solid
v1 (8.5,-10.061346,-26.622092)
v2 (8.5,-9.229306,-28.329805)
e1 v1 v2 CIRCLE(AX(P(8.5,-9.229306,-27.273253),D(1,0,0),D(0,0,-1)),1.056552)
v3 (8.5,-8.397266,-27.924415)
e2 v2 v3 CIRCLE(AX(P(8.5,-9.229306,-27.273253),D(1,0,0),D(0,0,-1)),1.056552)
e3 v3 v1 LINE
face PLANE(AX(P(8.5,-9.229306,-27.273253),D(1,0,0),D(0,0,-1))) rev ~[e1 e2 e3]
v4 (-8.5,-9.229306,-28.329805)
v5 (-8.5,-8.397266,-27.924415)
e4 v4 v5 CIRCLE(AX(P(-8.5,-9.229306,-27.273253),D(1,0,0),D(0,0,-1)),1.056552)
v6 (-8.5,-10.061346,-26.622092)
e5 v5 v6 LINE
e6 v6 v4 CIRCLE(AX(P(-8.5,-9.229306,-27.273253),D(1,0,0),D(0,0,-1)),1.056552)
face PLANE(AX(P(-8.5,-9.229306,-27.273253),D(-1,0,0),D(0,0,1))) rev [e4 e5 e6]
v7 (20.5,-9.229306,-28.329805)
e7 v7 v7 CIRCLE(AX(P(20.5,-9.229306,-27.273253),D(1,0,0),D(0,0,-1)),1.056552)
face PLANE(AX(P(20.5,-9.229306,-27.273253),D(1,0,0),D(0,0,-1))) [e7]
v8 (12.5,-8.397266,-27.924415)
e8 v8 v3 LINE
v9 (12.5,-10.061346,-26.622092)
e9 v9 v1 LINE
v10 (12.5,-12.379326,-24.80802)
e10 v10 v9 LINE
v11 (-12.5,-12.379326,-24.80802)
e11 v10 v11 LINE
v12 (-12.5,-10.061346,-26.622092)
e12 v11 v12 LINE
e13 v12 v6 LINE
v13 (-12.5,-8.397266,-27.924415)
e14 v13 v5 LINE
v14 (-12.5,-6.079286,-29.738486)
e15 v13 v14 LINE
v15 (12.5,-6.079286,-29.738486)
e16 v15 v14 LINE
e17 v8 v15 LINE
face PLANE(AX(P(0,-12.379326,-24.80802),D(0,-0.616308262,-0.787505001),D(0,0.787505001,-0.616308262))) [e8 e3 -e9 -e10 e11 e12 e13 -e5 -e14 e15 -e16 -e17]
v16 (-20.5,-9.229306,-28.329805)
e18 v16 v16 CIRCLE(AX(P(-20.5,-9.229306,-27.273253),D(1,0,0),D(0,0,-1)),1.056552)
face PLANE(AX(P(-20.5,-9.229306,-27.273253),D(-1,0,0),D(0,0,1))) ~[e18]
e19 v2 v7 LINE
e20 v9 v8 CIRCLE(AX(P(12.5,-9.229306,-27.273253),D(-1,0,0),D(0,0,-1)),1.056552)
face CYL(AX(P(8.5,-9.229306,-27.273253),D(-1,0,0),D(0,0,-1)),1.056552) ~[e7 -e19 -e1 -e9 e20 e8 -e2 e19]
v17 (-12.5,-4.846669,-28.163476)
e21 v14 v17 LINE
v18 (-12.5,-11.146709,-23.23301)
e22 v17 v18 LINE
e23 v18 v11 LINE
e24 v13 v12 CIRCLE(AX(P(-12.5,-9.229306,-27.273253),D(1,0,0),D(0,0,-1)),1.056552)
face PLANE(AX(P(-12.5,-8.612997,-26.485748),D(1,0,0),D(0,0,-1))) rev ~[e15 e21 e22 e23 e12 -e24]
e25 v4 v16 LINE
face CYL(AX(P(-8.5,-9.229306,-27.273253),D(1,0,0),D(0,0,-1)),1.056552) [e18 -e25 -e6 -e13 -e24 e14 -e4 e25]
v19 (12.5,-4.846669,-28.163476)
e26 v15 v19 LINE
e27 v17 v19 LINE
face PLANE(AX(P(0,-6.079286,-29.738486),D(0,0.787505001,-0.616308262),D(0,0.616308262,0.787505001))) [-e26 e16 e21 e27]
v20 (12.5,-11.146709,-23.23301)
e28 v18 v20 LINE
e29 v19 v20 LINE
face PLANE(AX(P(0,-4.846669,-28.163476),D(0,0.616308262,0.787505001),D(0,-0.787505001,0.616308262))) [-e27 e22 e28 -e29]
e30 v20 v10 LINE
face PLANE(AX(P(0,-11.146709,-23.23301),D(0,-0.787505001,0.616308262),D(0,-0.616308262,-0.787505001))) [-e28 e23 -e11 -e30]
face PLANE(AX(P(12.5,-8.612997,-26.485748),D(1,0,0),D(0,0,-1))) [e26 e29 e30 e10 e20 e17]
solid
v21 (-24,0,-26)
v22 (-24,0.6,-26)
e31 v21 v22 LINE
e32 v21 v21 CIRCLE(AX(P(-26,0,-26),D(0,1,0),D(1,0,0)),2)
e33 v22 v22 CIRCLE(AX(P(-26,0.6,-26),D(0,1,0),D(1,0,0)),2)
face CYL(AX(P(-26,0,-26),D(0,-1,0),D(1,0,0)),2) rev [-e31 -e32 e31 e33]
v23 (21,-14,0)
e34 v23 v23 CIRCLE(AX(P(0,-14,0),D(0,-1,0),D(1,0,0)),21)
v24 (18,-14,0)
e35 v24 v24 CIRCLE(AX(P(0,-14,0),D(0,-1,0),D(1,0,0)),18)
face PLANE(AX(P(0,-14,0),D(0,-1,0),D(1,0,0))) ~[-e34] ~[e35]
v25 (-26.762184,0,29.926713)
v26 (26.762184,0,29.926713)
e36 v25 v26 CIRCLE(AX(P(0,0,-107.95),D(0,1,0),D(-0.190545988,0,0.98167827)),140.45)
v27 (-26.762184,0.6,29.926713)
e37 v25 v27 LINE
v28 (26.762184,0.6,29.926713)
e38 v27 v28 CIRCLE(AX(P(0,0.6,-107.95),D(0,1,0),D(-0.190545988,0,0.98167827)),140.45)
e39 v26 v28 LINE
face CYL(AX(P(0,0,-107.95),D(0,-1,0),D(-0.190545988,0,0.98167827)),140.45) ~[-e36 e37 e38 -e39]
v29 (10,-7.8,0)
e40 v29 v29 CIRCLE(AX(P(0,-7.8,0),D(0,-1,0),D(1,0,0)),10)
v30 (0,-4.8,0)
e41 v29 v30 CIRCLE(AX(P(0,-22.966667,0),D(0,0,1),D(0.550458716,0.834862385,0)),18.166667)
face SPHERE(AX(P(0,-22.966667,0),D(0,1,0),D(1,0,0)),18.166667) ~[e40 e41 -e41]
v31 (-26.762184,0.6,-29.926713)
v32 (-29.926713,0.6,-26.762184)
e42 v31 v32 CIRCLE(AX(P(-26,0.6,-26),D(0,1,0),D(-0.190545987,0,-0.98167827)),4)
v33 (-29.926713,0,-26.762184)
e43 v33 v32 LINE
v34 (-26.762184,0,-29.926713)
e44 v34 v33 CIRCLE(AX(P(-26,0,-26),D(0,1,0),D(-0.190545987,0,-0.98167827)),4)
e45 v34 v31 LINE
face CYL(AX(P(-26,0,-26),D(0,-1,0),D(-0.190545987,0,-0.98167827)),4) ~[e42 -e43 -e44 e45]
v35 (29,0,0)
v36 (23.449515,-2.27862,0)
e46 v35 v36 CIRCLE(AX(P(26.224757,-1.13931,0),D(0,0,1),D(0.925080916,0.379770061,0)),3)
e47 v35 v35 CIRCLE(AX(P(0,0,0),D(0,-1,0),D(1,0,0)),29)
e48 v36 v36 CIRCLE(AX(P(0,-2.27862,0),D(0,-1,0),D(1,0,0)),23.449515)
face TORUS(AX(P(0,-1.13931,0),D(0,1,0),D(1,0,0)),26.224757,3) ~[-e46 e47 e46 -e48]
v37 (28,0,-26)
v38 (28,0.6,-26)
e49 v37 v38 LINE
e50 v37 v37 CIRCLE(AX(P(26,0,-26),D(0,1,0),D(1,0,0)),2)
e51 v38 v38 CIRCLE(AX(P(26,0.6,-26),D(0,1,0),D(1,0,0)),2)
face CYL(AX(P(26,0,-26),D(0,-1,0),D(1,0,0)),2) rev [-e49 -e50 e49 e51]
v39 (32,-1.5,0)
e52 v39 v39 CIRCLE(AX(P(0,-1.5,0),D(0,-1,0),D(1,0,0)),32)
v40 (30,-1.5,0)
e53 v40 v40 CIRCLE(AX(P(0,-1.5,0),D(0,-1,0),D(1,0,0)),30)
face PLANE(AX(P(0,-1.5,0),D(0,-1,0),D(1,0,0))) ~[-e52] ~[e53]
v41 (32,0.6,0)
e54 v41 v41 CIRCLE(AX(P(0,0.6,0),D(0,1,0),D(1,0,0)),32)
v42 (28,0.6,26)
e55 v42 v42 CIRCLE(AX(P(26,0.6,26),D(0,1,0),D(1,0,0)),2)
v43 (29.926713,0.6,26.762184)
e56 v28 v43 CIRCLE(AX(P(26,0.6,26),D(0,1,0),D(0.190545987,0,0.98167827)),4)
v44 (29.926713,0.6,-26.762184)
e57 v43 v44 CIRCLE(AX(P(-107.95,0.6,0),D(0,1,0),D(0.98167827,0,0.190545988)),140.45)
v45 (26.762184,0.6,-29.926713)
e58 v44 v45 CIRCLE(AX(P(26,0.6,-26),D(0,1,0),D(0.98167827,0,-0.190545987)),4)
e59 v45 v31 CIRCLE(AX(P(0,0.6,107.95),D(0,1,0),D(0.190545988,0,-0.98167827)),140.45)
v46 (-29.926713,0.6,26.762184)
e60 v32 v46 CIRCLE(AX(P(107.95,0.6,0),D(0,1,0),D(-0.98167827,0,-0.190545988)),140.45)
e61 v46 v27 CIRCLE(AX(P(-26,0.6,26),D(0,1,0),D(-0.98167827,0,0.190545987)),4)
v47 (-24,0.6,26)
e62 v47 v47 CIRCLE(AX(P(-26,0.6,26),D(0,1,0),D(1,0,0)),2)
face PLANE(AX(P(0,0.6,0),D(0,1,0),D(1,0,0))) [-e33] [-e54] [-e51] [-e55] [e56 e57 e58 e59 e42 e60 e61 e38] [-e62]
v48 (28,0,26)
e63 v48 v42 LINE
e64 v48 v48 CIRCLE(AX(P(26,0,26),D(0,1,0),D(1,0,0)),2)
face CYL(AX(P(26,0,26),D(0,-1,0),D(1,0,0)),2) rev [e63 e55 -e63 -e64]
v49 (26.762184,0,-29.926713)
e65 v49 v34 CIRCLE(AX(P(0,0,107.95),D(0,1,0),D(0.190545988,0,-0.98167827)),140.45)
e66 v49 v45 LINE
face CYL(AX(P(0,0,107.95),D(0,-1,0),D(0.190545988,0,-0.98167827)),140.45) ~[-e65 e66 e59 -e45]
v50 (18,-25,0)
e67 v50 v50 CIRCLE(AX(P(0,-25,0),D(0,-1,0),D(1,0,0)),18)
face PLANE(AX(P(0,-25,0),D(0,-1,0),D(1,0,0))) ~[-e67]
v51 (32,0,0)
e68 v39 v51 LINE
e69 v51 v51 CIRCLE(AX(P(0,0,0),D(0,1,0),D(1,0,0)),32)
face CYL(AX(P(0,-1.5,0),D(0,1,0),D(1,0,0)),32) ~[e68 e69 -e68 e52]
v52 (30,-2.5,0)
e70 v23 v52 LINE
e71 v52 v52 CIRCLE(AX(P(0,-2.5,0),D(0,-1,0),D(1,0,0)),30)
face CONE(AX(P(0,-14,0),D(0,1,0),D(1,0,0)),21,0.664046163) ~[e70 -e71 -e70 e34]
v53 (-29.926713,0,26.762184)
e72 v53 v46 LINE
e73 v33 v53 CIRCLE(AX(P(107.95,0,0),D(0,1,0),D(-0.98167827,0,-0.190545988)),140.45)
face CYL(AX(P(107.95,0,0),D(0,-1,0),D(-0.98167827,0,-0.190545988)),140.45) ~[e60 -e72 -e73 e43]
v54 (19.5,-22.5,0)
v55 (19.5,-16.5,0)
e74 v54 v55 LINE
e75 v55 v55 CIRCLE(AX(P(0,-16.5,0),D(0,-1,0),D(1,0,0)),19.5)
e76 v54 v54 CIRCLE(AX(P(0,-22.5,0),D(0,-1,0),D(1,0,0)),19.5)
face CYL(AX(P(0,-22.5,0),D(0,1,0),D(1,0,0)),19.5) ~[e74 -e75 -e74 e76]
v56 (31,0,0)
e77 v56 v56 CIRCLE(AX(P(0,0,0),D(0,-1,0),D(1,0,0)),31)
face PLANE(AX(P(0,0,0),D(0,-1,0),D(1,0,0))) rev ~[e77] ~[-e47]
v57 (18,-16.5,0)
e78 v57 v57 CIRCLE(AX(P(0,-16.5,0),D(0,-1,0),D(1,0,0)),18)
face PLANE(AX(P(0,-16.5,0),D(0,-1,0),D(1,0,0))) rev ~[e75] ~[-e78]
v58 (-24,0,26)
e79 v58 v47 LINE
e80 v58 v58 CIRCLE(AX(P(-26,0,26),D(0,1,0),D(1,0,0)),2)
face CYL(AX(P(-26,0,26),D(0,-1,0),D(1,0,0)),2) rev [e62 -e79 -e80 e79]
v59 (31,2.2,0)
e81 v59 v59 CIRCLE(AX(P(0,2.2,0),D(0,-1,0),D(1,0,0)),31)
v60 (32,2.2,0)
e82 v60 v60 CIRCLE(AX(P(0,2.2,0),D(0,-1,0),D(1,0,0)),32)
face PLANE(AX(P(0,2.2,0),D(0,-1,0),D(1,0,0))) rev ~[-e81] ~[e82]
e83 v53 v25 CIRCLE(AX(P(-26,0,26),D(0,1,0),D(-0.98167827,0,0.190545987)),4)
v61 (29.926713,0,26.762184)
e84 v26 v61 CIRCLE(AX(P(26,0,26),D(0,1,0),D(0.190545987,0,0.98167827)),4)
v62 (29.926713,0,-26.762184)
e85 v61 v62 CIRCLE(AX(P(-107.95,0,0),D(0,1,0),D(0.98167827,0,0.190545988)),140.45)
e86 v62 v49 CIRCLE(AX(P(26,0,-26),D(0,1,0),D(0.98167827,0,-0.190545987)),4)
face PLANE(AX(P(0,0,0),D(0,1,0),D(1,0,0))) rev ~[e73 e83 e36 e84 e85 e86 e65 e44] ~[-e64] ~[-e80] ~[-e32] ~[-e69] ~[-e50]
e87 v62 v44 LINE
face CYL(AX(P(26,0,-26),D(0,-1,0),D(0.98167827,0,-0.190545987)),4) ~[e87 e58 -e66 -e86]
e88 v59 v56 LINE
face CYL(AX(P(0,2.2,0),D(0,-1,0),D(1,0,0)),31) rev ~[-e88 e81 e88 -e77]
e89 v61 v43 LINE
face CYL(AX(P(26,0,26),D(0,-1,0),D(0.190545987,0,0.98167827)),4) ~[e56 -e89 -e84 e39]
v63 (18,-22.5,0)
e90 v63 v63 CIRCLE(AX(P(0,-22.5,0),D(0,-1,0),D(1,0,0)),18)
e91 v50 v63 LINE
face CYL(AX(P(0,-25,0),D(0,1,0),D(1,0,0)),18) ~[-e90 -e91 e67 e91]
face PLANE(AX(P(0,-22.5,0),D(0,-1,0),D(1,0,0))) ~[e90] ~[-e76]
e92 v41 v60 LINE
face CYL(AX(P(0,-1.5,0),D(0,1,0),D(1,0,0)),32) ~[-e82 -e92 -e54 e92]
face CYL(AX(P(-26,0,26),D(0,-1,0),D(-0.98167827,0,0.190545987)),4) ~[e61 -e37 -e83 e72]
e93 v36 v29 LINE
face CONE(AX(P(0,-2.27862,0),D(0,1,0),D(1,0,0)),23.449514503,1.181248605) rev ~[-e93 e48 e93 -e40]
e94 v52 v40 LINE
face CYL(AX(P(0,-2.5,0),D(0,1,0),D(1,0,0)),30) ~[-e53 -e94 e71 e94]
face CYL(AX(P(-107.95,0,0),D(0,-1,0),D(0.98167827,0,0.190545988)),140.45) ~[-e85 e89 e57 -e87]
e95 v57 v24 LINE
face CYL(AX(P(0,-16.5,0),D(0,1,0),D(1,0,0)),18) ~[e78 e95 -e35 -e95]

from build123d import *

# Parameters (mm, degrees)
SKETCH1_R           = 32
SKETCH1_R_2         = 2
BOSS_EXTRUDE1_DEPTH = 0.6
BOSS_EXTRUDE2_DEPTH = 12.5
BOSS_EXTRUDE3_START = -4
SKETCH4_R           = 1.056551939
BOSS_EXTRUDE3_DEPTH = 12


with BuildPart() as part:
    # Sketch1 → Boss-Extrude1 (new body)
    with BuildSketch(Plane(origin=(0, 0, 0), x_dir=(1, 0, 0), z_dir=(0, 1, 0))):
        with BuildLine():
            ThreePointArc((-26.76218395, 29.926713082), (-28.828427125, 28.828427125), (-29.926713082, 26.76218395))
            ThreePointArc((-29.926713082, 26.76218395), (-32.5, 0), (-29.926713082, -26.76218395))
            ThreePointArc((-29.926713082, -26.76218395), (-28.828427125, -28.828427125), (-26.76218395, -29.926713082))
            ThreePointArc((-26.76218395, -29.926713082), (0, -32.5), (26.76218395, -29.926713082))
            ThreePointArc((26.76218395, -29.926713082), (28.828427125, -28.828427125), (29.926713082, -26.76218395))
            ThreePointArc((29.926713082, -26.76218395), (32.5, 0), (29.926713082, 26.76218395))
            ThreePointArc((29.926713082, 26.76218395), (28.828427125, 28.828427125), (26.76218395, 29.926713082))
            ThreePointArc((26.76218395, 29.926713082), (0, 32.5), (-26.76218395, 29.926713082))
        make_face()
        Circle(SKETCH1_R, mode=Mode.SUBTRACT)
        with Locations((-26, 26)):
            Circle(SKETCH1_R_2, mode=Mode.SUBTRACT)
        with Locations((26, 26)):
            Circle(SKETCH1_R_2, mode=Mode.SUBTRACT)
        with Locations((26, -26)):
            Circle(SKETCH1_R_2, mode=Mode.SUBTRACT)
        with Locations((-26, -26)):
            Circle(SKETCH1_R_2, mode=Mode.SUBTRACT)
    extrude(amount=BOSS_EXTRUDE1_DEPTH)

    # Sketch2 → Revolve1 (revolve)
    with BuildSketch(Plane.XY):
        with BuildLine():
            Line((32, -1.5), (32, 2.2))
            Line((32, 2.2), (31, 2.2))
            Line((31, 2.2), (31, 0))
            Line((31, 0), (29, 0))
            ThreePointArc((29, 0), (25.085447071, 1.635932567), (23.449514503, -2.278620362))
            Line((23.449514503, -2.278620362), (10, -7.8))
            ThreePointArc((10, -7.8), (5.220153254, -5.566155818), (0, -4.8))
            Line((0, -4.8), (0, -25))
            Line((0, -25), (18, -25))
            Line((18, -25), (18, -22.5))
            Line((18, -22.5), (19.5, -22.5))
            Line((19.5, -22.5), (19.5, -16.5))
            Line((19.5, -16.5), (18, -16.5))
            Line((18, -16.5), (18, -14))
            Line((18, -14), (21, -14))
            Line((21, -14), (30, -2.5))
            Line((30, -2.5), (30, -1.5))
            Line((30, -1.5), (32, -1.5))
        make_face()
    revolve(axis=Axis((0, -17.479561209, 0), (0, -1, 0)))


with BuildPart() as body_2:
    # Sketch3 → Boss-Extrude2 (new body, symmetric)
    with BuildSketch(Plane(origin=(0, 0, 0), x_dir=(0, 0, -1), z_dir=(1, 0, 0))):
        Polygon((29.738486279, -6.079285725), (28.163476277, -4.846669202), (23.233010183, -11.14670921), (24.808020185, -12.379325733), align=None)
    extrude(amount=BOSS_EXTRUDE2_DEPTH, both=True)

    # Sketch4 → Boss-Extrude3 (add)
    with BuildSketch(Plane(origin=(12.5, 0, 0), x_dir=(0, 0, -1), z_dir=(1, 0, 0)).offset(BOSS_EXTRUDE3_START)):
        with Locations((27.273253232, -9.229305729)):
            Circle(SKETCH4_R)
    boss_extrude3 = extrude(amount=BOSS_EXTRUDE3_DEPTH)

    # Mirror1: Boss-Extrude3 across plane
    add(boss_extrude3.mirror(Plane(origin=(0, 0, 0), x_dir=(0, 0, 1), z_dir=(1, 0, 0))))


solid = Compound([part.part, body_2.part])
